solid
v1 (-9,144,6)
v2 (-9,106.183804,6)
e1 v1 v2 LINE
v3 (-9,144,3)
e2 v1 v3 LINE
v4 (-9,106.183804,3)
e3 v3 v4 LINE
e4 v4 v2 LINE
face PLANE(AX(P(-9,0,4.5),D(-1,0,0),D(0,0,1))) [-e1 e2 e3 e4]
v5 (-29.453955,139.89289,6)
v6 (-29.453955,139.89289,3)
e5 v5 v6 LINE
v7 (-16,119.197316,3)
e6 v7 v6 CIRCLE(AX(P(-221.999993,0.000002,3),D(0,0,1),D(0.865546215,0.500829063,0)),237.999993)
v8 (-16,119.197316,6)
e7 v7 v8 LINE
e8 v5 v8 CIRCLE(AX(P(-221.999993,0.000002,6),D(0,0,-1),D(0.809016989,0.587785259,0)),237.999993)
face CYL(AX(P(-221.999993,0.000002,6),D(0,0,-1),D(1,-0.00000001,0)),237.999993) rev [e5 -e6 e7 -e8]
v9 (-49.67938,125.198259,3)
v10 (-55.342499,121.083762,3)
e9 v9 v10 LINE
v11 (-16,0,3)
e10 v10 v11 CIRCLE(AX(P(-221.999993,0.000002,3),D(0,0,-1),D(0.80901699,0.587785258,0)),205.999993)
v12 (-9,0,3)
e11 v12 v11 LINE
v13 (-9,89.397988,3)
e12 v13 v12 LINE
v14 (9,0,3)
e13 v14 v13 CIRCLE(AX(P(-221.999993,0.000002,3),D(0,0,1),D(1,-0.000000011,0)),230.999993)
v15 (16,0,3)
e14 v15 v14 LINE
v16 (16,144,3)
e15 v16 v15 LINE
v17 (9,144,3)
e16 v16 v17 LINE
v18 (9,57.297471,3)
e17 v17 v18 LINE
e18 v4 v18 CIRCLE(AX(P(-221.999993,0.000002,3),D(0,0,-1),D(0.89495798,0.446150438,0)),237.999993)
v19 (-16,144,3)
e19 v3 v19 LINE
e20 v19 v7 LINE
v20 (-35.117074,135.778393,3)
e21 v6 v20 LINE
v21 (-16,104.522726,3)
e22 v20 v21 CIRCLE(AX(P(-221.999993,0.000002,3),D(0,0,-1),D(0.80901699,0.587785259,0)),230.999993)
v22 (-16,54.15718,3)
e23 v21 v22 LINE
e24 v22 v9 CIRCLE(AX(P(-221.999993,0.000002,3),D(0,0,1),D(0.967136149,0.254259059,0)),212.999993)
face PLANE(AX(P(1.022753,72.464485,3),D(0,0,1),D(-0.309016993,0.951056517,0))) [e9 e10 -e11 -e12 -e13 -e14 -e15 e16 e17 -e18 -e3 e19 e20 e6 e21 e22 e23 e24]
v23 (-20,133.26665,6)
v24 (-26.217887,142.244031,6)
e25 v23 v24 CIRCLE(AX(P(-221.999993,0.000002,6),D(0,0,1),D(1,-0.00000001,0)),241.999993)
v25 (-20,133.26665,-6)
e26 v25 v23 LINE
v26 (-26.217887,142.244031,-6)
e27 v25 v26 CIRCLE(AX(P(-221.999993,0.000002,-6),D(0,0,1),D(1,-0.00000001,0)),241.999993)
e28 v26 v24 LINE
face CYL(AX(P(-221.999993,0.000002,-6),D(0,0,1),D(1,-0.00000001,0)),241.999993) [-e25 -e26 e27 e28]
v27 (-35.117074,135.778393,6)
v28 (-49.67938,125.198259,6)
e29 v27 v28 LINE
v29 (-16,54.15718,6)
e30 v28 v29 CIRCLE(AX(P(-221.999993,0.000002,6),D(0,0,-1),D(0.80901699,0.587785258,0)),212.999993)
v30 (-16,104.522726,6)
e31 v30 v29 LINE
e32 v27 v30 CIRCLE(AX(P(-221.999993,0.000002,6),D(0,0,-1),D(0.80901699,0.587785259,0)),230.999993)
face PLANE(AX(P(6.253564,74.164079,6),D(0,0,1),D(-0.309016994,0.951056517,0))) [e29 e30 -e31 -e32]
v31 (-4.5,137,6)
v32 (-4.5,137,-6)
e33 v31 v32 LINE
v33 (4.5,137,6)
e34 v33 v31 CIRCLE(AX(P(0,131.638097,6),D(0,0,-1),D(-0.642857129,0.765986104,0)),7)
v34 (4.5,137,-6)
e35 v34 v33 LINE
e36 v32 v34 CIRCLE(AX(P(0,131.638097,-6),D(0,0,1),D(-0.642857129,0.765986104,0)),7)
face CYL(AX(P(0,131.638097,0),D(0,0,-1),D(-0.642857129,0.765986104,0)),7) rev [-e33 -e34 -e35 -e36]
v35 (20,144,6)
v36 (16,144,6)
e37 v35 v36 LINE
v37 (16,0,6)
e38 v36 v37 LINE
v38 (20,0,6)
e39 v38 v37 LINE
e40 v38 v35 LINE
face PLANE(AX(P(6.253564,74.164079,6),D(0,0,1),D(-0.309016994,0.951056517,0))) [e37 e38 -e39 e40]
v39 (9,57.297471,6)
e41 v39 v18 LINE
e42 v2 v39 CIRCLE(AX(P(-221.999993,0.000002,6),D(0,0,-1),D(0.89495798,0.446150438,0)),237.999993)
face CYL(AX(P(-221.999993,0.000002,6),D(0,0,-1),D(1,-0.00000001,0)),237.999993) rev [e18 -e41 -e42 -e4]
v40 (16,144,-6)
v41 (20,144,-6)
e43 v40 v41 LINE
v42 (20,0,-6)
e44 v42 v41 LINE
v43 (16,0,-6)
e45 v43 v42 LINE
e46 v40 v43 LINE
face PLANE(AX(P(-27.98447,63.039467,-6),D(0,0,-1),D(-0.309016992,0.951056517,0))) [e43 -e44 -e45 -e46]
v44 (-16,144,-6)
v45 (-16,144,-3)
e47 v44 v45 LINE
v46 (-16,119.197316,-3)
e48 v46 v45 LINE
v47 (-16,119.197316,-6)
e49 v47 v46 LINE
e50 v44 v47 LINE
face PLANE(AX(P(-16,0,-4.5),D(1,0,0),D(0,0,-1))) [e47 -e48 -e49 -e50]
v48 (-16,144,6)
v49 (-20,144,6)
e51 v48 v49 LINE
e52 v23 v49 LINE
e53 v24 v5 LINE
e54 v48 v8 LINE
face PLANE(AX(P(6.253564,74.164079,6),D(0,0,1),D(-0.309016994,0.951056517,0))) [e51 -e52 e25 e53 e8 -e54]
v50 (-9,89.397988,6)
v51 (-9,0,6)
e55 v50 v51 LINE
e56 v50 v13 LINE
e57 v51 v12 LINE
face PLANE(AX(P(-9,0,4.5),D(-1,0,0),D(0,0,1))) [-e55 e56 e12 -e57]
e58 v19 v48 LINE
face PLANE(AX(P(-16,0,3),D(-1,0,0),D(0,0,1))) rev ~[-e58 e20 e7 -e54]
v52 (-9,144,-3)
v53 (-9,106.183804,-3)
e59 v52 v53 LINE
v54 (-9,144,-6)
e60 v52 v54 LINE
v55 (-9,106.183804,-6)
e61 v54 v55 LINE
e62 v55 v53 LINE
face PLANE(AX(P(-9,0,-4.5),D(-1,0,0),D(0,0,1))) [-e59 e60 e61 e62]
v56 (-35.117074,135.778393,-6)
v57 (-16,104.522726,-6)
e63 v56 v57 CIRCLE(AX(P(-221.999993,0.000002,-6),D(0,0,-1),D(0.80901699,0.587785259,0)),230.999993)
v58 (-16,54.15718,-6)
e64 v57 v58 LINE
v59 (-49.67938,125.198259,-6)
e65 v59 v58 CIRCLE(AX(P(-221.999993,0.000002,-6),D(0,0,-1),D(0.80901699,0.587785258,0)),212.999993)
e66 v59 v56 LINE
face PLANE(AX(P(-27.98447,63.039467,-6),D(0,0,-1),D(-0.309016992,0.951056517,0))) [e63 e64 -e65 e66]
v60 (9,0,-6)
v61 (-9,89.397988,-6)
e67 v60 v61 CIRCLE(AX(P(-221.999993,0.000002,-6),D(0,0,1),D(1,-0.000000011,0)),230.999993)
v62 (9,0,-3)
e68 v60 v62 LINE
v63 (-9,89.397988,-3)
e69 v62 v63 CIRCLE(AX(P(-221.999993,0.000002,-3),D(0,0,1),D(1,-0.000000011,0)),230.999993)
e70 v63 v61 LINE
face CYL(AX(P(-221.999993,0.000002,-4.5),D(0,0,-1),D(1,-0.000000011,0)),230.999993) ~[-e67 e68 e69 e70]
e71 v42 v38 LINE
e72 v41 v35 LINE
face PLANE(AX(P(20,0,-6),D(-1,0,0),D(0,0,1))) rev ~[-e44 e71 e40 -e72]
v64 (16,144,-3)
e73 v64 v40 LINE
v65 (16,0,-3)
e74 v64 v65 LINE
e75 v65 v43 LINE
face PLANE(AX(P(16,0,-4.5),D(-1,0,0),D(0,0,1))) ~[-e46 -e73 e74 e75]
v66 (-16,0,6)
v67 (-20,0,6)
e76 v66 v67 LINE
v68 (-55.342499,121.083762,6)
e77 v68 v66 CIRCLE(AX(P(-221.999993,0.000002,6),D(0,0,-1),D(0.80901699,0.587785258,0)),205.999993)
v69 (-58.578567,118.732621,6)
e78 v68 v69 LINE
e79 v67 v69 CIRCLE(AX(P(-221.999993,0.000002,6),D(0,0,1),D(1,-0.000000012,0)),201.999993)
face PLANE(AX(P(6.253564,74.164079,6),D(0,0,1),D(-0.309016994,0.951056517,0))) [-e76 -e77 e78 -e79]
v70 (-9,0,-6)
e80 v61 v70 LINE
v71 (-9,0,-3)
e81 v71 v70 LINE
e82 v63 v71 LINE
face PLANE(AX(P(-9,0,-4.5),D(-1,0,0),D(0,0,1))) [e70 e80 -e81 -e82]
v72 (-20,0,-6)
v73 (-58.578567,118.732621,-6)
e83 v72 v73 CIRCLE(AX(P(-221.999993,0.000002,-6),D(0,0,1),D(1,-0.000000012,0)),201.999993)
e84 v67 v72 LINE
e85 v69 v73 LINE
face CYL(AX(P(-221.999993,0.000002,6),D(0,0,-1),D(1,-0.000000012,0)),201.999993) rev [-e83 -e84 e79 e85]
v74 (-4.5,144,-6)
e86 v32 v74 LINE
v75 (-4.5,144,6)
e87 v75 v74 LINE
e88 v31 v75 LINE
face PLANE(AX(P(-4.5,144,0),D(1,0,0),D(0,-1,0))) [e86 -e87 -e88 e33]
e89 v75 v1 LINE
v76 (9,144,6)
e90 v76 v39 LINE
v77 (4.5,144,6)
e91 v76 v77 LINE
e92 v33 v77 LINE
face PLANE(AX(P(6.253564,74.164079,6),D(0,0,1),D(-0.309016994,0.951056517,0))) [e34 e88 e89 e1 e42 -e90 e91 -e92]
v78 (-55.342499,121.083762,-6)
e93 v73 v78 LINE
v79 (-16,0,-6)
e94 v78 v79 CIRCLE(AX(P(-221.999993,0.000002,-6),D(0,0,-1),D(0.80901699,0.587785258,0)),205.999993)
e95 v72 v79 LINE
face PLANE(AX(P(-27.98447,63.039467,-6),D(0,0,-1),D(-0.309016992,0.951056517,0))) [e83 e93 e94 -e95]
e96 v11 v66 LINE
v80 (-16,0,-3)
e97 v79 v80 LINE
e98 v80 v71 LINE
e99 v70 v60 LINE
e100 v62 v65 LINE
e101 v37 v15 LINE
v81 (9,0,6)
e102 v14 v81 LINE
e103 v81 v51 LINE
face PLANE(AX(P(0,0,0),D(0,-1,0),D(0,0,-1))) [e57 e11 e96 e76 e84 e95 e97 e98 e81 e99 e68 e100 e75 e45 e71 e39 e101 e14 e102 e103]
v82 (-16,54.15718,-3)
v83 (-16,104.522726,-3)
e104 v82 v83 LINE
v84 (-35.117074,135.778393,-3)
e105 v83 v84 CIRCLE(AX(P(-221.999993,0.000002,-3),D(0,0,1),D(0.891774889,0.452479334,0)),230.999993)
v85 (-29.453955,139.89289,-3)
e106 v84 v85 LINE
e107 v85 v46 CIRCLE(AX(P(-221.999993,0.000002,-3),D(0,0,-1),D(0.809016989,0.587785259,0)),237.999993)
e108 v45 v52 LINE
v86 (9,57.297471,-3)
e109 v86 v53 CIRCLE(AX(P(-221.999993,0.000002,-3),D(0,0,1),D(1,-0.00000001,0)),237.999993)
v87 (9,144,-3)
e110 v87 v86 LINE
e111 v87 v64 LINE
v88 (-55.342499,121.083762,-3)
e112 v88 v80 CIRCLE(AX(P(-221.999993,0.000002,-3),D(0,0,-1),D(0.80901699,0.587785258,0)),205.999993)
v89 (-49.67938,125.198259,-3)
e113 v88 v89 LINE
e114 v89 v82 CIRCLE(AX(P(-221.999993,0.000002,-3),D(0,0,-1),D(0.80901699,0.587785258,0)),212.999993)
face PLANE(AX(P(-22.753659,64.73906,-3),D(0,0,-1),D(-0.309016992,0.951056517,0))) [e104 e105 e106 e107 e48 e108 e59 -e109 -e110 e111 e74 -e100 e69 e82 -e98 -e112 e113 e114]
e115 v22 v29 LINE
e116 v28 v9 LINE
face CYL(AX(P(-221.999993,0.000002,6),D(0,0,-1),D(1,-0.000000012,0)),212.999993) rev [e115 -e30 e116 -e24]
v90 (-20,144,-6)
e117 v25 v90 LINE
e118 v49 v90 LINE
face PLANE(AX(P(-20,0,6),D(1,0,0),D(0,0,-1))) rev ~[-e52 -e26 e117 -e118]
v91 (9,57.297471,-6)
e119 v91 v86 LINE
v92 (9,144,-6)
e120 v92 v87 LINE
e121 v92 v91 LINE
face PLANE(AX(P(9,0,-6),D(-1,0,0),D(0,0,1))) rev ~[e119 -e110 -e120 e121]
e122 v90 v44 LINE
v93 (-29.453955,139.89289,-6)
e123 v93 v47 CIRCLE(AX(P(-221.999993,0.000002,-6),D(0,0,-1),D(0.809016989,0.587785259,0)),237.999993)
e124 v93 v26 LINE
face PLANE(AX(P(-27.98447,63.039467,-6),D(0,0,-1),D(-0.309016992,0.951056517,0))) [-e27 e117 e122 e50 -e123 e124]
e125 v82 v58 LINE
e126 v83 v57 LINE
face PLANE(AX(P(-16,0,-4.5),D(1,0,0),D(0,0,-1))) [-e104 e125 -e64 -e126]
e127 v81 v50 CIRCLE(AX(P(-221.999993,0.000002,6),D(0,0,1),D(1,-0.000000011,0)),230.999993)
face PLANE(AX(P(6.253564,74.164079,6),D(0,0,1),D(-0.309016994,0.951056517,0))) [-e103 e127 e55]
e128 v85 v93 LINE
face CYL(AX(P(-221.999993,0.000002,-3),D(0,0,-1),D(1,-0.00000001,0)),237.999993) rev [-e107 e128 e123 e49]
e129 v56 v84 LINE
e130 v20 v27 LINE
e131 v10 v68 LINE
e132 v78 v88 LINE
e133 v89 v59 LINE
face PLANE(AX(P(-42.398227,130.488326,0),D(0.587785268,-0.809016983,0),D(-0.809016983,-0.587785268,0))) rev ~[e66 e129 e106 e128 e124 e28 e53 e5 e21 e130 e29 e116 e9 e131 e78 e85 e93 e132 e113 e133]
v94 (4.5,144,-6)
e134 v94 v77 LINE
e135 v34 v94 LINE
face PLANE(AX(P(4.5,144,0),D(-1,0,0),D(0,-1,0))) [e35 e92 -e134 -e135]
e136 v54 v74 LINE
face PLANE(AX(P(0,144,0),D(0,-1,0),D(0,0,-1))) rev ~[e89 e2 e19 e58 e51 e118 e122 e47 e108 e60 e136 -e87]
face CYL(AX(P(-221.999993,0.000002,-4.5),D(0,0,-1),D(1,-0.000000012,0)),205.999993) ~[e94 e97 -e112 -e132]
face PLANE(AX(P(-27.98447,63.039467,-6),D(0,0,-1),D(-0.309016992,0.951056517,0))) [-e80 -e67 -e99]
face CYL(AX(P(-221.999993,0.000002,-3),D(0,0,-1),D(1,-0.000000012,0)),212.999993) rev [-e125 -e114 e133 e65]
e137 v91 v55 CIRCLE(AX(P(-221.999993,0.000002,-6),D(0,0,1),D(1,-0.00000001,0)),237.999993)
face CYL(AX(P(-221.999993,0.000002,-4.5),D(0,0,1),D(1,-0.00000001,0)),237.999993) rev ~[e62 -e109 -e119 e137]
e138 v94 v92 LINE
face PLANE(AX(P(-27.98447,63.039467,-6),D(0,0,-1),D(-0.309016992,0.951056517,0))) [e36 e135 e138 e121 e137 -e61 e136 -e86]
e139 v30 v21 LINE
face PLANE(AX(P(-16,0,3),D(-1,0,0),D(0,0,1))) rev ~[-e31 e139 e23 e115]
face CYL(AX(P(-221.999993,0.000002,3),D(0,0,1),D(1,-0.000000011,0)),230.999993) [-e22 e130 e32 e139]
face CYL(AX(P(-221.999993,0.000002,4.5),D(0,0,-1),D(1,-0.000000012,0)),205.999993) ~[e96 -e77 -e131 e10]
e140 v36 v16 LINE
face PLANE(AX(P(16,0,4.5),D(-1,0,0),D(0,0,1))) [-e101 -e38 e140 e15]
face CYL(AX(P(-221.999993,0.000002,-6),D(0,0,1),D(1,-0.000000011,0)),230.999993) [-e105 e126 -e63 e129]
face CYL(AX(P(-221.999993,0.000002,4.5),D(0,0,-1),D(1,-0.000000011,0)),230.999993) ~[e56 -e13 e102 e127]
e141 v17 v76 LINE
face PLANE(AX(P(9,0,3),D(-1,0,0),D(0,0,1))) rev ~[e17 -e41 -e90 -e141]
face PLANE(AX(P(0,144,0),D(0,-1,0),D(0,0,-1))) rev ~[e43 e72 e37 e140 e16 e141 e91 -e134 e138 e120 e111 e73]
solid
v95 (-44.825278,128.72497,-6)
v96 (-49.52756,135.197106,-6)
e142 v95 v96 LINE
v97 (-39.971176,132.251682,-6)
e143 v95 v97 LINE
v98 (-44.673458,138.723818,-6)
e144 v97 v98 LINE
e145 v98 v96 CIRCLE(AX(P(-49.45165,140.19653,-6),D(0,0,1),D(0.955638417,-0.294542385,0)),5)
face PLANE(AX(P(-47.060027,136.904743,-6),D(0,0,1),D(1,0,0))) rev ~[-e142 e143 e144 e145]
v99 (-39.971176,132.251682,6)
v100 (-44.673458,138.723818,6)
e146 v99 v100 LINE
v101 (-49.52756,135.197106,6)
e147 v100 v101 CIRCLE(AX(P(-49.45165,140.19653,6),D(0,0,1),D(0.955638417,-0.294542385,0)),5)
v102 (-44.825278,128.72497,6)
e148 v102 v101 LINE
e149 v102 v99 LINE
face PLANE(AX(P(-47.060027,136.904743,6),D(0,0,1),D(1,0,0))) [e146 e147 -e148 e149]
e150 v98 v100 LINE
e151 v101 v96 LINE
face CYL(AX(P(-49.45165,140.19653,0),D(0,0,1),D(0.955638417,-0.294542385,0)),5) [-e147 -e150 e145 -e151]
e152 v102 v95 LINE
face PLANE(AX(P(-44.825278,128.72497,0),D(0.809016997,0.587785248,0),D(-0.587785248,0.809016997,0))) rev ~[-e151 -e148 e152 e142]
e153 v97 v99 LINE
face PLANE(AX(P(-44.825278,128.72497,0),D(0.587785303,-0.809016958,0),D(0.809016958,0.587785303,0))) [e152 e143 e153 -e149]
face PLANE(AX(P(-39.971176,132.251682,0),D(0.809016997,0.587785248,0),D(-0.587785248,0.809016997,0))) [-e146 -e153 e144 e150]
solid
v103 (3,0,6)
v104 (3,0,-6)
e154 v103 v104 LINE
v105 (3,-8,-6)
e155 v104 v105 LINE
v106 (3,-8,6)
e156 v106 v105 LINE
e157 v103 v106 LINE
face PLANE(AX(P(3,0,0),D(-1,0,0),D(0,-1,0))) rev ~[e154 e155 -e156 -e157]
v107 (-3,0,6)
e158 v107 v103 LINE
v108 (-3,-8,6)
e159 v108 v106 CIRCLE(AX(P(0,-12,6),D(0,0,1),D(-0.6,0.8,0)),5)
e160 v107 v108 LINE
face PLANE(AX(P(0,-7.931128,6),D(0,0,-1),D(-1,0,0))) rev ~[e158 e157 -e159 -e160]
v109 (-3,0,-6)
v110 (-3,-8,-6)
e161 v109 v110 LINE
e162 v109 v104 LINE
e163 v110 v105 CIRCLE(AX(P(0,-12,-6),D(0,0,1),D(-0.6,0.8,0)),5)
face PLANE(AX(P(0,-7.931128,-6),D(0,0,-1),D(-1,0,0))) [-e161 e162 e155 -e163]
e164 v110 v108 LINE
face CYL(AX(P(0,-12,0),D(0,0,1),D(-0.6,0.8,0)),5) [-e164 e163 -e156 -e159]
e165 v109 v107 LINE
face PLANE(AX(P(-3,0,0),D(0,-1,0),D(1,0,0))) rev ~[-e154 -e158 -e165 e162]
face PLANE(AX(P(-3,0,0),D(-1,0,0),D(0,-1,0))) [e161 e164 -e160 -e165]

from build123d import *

# Parameters (mm, degrees)
SKETCH004_W       = 7
SKETCH004_H       = 3
SKETCH005_W       = 7
SKETCH005_H       = 3
SKETCH009_W       = 7
SKETCH009_H       = 3
SKETCH010_W       = 7
SKETCH010_H       = 3
POCKET_DEPTH      = 6.001
POCKET_DEPTH_BACK = -6.001
PAD_DEPTH         = 6
PAD002_DEPTH      = 6


with BuildPart() as body:
    # AdditivePipe: sweep along a path in Sketch002
    with BuildLine(Plane.XY) as additivepipe_path:
        ThreePointArc((0, 0), (-10.865453, 68.601773), (-42.398227, 130.488326))
    # Sketch → AdditivePipe (sweep)
    with BuildSketch(Plane.XZ):
        Polygon((-20, 6), (-20, -6), (-16, -6), (-16, -3), (-9, -3), (-9, -6), (9, -6), (9, -3), (16, -3), (16, -6), (20, -6), (20, 6), (16, 6), (16, 3), (9, 3), (9, 6), (-9, 6), (-9, 3), (-16, 3), (-16, 6), align=None)
    sweep(path=additivepipe_path.line)

    # AdditivePipe001: sweep along a path in Sketch001
    with BuildLine(Plane.XY) as additivepipe001_path:
        Line((0, 0), (0, 144))
    # Sketch → AdditivePipe001 (sweep)
    with BuildSketch(Plane.XZ):
        Polygon((-20, 6), (-20, -6), (-16, -6), (-16, -3), (-9, -3), (-9, -6), (9, -6), (9, -3), (16, -3), (16, -6), (20, -6), (20, 6), (16, 6), (16, 3), (9, 3), (9, 6), (-9, 6), (-9, 3), (-16, 3), (-16, 6), align=None)
    sweep(path=additivepipe001_path.line)

    # SubtractivePipe: sweep along a path in Sketch001
    with BuildLine(Plane.XY) as subtractivepipe_path:
        Line((0, 0), (0, 144))
    # Sketch004 → SubtractivePipe (sweep, cut)
    with BuildSketch(Plane.XZ):
        with Locations((-12.5, 4.5)):
            Rectangle(SKETCH004_W, SKETCH004_H)
    sweep(path=subtractivepipe_path.line, mode=Mode.SUBTRACT)

    # SubtractivePipe001: sweep along a path in Sketch002
    with BuildLine(Plane.XY) as subtractivepipe001_path:
        ThreePointArc((0, 0), (-10.865453, 68.601773), (-42.398227, 130.488326))
    # Sketch004 → SubtractivePipe001 (sweep, cut)
    with BuildSketch(Plane.XZ):
        with Locations((-12.5, 4.5)):
            Rectangle(SKETCH004_W, SKETCH004_H)
    sweep(path=subtractivepipe001_path.line, mode=Mode.SUBTRACT)

    # SubtractivePipe002: sweep along a path in Sketch002
    with BuildLine(Plane.XY) as subtractivepipe002_path:
        ThreePointArc((0, 0), (-10.865453, 68.601773), (-42.398227, 130.488326))
    # Sketch005 (on Face1 of SubtractivePipe001) → SubtractivePipe002 (sweep, cut)
    with BuildSketch(Plane.XZ):
        with Locations((12.5, 4.5)):
            Rectangle(SKETCH005_W, SKETCH005_H)
    sweep(path=subtractivepipe002_path.line, mode=Mode.SUBTRACT)

    # SubtractivePipe003: sweep along a path in Sketch001
    with BuildLine(Plane.XY) as subtractivepipe003_path:
        Line((0, 0), (0, 144))
    # Sketch005 (on Face1 of SubtractivePipe001) → SubtractivePipe003 (sweep, cut)
    with BuildSketch(Plane.XZ):
        with Locations((12.5, 4.5)):
            Rectangle(SKETCH005_W, SKETCH005_H)
    subtractivepipe003 = sweep(path=subtractivepipe003_path.line, mode=Mode.SUBTRACT)

    # Mirrored: SubtractivePipe003 across XY
    add(subtractivepipe003.mirror(Plane.XY), mode=Mode.SUBTRACT)

    # SubtractivePipe004: sweep along a path in Sketch002
    with BuildLine(Plane.XY) as subtractivepipe004_path:
        ThreePointArc((0, 0), (-10.865453, 68.601773), (-42.398227, 130.488326))
    # Sketch009 → SubtractivePipe004 (sweep, cut)
    with BuildSketch(Plane.XZ):
        with Locations((-12.5, -4.5)):
            Rectangle(SKETCH009_W, SKETCH009_H)
    sweep(path=subtractivepipe004_path.line, mode=Mode.SUBTRACT)

    # SubtractivePipe005: sweep along a path in Sketch001
    with BuildLine(Plane.XY) as subtractivepipe005_path:
        Line((0, 0), (0, 144))
    # Sketch009 → SubtractivePipe005 (sweep, cut)
    with BuildSketch(Plane.XZ):
        with Locations((-12.5, -4.5)):
            Rectangle(SKETCH009_W, SKETCH009_H)
    sweep(path=subtractivepipe005_path.line, mode=Mode.SUBTRACT)

    # SubtractivePipe006: sweep along a path in Sketch002
    with BuildLine(Plane.XY) as subtractivepipe006_path:
        ThreePointArc((0, 0), (-10.865453, 68.601773), (-42.398227, 130.488326))
    # Sketch010 (on Face1 of SubtractivePipe005) → SubtractivePipe006 (sweep, cut)
    with BuildSketch(Plane.XZ):
        with Locations((12.5, -4.5)):
            Rectangle(SKETCH010_W, SKETCH010_H)
    sweep(path=subtractivepipe006_path.line, mode=Mode.SUBTRACT)

    # Sketch013 → Pocket (cut, two sides)
    with BuildSketch(Plane.XY) as pocket_sk:
        with BuildLine():
            Line((-4.5, 144), (4.5, 144))
            Line((4.5, 144), (4.5, 137))
            ThreePointArc((-4.5, 137), (0, 124.638097), (4.5, 137))
            Line((-4.5, 144), (-4.5, 137))
        make_face()
    extrude(amount=-POCKET_DEPTH, mode=Mode.SUBTRACT)
    extrude(pocket_sk.sketch, amount=-POCKET_DEPTH_BACK, mode=Mode.SUBTRACT)


with BuildPart() as body001:
    # Sketch008 → Pad (new body, symmetric)
    with BuildSketch(Plane.XY):
        with BuildLine():
            Line((-3, 0), (3, 0))
            Line((3, 0), (3, -8))
            ThreePointArc((-3, -8), (0, -17), (3, -8))
            Line((-3, 0), (-3, -8))
        make_face()
    extrude(amount=PAD_DEPTH, both=True)


with BuildPart() as body003:
    # Sketch012 → Pad002 (new body, symmetric)
    with BuildSketch(Plane.XY):
        with BuildLine():
            Line((-44.825278, 128.72497), (-39.971176, 132.251682))
            Line((-39.971176, 132.251682), (-44.673458, 138.723818))
            ThreePointArc((-44.673458, 138.723818), (-52.390577, 144.241615), (-49.52756, 135.197106))
            Line((-44.825278, 128.72497), (-49.52756, 135.197106))
        make_face()
    extrude(amount=PAD002_DEPTH, both=True)


solid = Compound([body.part, body001.part, body003.part])
